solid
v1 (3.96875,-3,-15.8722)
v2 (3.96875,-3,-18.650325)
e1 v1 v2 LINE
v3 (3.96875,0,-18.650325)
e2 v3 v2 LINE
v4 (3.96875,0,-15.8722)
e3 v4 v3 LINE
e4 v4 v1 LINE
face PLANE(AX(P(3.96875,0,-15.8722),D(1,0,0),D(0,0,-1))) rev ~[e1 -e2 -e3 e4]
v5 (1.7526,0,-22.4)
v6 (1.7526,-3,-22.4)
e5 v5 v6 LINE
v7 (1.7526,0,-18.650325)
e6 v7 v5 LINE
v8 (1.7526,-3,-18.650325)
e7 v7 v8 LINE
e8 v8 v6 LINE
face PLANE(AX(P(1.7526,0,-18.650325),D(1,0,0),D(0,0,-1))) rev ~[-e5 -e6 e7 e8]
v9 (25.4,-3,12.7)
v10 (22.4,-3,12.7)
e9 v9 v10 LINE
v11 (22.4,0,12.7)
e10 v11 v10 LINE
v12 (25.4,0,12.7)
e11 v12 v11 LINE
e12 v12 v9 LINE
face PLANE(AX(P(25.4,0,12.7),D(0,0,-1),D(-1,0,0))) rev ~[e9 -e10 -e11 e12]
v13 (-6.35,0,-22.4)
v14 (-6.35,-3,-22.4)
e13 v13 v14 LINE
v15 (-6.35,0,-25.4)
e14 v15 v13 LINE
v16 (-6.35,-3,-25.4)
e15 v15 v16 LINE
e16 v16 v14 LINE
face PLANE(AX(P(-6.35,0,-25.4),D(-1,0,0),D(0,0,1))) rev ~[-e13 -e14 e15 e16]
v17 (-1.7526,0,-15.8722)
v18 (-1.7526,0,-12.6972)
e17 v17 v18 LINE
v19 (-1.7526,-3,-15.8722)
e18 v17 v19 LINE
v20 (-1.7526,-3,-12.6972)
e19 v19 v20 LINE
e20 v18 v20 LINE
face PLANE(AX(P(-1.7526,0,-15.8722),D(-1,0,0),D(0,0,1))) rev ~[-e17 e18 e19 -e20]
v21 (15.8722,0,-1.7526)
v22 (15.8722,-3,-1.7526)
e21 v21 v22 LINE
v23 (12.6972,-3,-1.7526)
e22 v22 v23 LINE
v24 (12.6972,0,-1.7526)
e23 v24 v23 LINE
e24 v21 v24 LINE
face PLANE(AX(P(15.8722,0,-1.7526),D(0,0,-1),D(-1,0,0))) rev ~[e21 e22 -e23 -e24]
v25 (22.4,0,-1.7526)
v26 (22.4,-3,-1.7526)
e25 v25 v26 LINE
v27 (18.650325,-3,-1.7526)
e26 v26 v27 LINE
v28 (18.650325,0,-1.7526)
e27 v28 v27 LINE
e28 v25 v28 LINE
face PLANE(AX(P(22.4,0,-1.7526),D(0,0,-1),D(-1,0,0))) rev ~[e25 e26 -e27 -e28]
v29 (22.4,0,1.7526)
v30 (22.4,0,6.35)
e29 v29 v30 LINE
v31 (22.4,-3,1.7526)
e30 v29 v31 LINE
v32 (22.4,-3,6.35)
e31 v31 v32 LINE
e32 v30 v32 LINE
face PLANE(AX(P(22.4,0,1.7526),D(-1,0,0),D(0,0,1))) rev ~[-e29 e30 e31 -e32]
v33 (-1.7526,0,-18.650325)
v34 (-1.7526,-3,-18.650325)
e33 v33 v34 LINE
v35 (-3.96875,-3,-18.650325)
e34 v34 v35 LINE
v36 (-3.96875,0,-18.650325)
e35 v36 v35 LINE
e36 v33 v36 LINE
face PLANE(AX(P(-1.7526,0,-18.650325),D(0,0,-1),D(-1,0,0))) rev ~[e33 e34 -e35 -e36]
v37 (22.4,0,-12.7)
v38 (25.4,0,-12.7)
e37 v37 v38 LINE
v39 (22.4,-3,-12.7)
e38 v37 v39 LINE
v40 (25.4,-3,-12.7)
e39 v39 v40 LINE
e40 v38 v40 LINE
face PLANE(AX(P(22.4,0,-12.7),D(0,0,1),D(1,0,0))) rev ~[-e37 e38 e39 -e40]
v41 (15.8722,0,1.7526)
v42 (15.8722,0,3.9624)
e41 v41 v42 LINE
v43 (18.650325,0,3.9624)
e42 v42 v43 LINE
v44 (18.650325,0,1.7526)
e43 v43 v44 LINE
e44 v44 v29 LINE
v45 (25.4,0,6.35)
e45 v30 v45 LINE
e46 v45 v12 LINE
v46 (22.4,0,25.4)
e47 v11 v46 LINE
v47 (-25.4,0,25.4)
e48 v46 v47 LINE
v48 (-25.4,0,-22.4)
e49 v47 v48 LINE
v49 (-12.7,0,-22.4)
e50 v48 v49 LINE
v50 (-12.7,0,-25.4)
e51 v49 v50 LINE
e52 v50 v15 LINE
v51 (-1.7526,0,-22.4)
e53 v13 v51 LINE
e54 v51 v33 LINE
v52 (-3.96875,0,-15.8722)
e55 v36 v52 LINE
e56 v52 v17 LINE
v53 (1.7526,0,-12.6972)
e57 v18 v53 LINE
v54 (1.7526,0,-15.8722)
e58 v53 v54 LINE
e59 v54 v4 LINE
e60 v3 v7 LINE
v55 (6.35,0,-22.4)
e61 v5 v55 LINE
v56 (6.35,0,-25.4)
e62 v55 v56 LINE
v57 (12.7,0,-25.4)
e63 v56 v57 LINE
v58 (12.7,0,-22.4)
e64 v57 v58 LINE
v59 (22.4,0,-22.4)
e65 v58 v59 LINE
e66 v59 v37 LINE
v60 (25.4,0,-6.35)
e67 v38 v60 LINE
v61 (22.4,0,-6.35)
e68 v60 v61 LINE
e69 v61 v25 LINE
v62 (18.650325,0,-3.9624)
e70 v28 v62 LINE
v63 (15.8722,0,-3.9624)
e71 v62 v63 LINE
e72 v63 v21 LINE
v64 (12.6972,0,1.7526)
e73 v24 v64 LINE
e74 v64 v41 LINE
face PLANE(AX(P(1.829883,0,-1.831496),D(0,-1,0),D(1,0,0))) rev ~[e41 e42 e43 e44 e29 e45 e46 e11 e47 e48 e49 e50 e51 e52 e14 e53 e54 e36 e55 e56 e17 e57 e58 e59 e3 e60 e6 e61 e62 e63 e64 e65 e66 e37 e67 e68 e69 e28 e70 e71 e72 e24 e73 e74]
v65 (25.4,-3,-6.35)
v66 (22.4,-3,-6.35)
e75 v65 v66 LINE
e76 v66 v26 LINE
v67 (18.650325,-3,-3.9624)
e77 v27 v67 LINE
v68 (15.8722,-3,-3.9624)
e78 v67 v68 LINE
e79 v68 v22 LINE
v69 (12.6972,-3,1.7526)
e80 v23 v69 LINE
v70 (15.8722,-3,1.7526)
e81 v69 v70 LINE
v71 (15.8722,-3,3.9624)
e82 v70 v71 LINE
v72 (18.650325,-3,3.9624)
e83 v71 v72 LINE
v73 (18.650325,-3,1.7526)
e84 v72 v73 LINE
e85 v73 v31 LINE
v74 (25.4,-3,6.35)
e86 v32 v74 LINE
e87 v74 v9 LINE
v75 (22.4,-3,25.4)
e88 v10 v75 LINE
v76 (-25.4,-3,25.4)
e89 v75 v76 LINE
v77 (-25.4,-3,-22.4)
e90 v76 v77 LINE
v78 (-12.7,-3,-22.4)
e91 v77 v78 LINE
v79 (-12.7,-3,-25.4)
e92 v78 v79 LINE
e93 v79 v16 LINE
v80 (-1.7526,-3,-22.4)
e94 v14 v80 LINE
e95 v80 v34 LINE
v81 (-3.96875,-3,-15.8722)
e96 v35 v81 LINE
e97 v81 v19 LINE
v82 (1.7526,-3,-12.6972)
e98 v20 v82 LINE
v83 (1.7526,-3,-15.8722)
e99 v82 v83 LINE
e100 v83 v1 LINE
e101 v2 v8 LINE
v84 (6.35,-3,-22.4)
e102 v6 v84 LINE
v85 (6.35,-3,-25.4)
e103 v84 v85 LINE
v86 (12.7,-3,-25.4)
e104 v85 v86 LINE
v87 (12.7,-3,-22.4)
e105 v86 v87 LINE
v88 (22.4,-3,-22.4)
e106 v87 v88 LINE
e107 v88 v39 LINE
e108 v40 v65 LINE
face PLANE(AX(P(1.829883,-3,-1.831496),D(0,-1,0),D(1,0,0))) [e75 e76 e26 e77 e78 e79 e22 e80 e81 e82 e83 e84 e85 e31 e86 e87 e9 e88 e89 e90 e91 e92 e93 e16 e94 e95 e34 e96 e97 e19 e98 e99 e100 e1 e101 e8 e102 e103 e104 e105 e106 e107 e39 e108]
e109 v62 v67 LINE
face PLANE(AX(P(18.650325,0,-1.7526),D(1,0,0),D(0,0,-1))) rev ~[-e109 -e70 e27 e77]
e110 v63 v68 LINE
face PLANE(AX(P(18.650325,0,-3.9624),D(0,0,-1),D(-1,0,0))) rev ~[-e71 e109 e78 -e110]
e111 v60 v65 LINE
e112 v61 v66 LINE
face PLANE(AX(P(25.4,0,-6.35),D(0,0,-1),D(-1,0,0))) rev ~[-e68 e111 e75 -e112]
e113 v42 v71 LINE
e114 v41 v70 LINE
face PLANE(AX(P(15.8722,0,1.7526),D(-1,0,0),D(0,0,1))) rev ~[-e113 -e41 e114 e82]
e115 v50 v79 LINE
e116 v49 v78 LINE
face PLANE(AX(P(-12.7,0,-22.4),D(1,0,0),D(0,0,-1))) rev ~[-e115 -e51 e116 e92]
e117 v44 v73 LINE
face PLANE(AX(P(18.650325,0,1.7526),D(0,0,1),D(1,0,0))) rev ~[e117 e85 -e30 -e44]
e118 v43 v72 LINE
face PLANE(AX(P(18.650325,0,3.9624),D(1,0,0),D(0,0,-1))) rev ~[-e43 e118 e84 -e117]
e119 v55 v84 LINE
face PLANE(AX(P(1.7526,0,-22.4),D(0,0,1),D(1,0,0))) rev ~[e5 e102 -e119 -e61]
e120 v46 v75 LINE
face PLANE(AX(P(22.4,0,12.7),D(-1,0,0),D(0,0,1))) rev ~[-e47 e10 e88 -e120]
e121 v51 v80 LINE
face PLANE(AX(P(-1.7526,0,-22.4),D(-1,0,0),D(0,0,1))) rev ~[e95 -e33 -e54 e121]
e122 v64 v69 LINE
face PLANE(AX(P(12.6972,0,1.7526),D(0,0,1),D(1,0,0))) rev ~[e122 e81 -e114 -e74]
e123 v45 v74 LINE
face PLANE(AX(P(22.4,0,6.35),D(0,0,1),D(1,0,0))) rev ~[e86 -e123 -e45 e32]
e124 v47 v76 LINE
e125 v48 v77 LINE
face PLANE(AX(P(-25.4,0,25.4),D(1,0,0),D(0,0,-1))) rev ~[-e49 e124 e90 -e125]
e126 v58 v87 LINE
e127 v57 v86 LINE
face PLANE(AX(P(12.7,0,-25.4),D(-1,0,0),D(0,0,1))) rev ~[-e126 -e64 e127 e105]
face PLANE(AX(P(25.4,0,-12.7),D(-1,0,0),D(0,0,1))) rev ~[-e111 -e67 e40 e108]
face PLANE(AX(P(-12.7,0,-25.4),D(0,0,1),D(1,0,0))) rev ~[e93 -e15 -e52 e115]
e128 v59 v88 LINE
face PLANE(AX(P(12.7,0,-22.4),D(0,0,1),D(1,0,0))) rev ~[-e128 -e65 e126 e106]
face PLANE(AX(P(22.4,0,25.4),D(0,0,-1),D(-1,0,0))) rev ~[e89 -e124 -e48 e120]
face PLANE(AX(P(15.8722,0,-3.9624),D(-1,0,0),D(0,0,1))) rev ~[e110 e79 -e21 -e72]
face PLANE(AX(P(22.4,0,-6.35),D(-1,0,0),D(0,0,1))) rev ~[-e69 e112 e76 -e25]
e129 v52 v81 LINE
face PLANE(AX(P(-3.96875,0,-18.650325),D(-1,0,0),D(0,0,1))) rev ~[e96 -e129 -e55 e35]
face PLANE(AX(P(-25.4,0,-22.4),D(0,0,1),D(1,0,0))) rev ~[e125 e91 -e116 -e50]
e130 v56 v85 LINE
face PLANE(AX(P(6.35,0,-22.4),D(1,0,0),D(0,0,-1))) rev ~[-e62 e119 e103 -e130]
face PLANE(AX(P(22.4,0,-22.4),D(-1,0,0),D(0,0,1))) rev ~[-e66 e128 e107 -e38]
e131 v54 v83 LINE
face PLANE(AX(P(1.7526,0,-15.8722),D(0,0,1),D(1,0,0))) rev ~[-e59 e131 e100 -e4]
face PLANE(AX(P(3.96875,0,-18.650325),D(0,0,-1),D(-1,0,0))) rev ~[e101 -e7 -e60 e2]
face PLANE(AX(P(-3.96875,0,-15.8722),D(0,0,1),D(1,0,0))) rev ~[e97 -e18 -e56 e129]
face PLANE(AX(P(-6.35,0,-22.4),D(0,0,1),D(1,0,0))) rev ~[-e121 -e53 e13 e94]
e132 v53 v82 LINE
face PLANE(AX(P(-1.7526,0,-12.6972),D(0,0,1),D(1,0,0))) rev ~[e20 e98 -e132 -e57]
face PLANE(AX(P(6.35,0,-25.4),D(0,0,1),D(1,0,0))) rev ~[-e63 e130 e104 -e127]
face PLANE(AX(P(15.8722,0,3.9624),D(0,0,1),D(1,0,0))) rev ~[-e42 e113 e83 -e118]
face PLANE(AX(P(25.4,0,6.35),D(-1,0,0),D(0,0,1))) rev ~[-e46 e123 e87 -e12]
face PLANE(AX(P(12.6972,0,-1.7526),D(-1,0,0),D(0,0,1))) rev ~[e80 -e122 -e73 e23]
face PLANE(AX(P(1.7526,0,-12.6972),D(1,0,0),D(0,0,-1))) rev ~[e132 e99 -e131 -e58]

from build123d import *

# Parameters (mm, degrees)
F1_DEPTH = 3


with BuildPart() as f1:
    # F0 (on Front) → F1 (new body)
    with BuildSketch(Plane.XZ):
        Polygon((22.4, 25.4), (-25.4, 25.4), (-25.4, -22.4), (-12.7, -22.4), (-12.7, -25.4), (-6.35, -25.4), (-6.35, -22.4), (-1.7526, -22.4), (-1.7526, -18.650325), (-3.96875, -18.650325), (-3.96875, -15.8722), (-1.7526, -15.8722), (-1.7526, -12.6972), (1.7526, -12.6972), (1.7526, -15.8722), (3.96875, -15.8722), (3.96875, -18.650325), (1.7526, -18.650325), (1.7526, -22.4), (6.35, -22.4), (6.35, -25.4), (12.7, -25.4), (12.7, -22.4), (22.4, -22.4), (22.4, -12.7), (25.4, -12.7), (25.4, -6.35), (22.4, -6.35), (22.4, -1.7526), (18.650325, -1.7526), (18.650325, -3.9624), (15.8722, -3.9624), (15.8722, -1.7526), (12.6972, -1.7526), (12.6972, 1.7526), (15.8722, 1.7526), (15.8722, 3.9624), (18.650325, 3.9624), (18.650325, 1.7526), (22.4, 1.7526), (22.4, 6.35), (25.4, 6.35), (25.4, 12.7), (22.4, 12.7), align=None)
    extrude(amount=F1_DEPTH)


solid = f1.part
